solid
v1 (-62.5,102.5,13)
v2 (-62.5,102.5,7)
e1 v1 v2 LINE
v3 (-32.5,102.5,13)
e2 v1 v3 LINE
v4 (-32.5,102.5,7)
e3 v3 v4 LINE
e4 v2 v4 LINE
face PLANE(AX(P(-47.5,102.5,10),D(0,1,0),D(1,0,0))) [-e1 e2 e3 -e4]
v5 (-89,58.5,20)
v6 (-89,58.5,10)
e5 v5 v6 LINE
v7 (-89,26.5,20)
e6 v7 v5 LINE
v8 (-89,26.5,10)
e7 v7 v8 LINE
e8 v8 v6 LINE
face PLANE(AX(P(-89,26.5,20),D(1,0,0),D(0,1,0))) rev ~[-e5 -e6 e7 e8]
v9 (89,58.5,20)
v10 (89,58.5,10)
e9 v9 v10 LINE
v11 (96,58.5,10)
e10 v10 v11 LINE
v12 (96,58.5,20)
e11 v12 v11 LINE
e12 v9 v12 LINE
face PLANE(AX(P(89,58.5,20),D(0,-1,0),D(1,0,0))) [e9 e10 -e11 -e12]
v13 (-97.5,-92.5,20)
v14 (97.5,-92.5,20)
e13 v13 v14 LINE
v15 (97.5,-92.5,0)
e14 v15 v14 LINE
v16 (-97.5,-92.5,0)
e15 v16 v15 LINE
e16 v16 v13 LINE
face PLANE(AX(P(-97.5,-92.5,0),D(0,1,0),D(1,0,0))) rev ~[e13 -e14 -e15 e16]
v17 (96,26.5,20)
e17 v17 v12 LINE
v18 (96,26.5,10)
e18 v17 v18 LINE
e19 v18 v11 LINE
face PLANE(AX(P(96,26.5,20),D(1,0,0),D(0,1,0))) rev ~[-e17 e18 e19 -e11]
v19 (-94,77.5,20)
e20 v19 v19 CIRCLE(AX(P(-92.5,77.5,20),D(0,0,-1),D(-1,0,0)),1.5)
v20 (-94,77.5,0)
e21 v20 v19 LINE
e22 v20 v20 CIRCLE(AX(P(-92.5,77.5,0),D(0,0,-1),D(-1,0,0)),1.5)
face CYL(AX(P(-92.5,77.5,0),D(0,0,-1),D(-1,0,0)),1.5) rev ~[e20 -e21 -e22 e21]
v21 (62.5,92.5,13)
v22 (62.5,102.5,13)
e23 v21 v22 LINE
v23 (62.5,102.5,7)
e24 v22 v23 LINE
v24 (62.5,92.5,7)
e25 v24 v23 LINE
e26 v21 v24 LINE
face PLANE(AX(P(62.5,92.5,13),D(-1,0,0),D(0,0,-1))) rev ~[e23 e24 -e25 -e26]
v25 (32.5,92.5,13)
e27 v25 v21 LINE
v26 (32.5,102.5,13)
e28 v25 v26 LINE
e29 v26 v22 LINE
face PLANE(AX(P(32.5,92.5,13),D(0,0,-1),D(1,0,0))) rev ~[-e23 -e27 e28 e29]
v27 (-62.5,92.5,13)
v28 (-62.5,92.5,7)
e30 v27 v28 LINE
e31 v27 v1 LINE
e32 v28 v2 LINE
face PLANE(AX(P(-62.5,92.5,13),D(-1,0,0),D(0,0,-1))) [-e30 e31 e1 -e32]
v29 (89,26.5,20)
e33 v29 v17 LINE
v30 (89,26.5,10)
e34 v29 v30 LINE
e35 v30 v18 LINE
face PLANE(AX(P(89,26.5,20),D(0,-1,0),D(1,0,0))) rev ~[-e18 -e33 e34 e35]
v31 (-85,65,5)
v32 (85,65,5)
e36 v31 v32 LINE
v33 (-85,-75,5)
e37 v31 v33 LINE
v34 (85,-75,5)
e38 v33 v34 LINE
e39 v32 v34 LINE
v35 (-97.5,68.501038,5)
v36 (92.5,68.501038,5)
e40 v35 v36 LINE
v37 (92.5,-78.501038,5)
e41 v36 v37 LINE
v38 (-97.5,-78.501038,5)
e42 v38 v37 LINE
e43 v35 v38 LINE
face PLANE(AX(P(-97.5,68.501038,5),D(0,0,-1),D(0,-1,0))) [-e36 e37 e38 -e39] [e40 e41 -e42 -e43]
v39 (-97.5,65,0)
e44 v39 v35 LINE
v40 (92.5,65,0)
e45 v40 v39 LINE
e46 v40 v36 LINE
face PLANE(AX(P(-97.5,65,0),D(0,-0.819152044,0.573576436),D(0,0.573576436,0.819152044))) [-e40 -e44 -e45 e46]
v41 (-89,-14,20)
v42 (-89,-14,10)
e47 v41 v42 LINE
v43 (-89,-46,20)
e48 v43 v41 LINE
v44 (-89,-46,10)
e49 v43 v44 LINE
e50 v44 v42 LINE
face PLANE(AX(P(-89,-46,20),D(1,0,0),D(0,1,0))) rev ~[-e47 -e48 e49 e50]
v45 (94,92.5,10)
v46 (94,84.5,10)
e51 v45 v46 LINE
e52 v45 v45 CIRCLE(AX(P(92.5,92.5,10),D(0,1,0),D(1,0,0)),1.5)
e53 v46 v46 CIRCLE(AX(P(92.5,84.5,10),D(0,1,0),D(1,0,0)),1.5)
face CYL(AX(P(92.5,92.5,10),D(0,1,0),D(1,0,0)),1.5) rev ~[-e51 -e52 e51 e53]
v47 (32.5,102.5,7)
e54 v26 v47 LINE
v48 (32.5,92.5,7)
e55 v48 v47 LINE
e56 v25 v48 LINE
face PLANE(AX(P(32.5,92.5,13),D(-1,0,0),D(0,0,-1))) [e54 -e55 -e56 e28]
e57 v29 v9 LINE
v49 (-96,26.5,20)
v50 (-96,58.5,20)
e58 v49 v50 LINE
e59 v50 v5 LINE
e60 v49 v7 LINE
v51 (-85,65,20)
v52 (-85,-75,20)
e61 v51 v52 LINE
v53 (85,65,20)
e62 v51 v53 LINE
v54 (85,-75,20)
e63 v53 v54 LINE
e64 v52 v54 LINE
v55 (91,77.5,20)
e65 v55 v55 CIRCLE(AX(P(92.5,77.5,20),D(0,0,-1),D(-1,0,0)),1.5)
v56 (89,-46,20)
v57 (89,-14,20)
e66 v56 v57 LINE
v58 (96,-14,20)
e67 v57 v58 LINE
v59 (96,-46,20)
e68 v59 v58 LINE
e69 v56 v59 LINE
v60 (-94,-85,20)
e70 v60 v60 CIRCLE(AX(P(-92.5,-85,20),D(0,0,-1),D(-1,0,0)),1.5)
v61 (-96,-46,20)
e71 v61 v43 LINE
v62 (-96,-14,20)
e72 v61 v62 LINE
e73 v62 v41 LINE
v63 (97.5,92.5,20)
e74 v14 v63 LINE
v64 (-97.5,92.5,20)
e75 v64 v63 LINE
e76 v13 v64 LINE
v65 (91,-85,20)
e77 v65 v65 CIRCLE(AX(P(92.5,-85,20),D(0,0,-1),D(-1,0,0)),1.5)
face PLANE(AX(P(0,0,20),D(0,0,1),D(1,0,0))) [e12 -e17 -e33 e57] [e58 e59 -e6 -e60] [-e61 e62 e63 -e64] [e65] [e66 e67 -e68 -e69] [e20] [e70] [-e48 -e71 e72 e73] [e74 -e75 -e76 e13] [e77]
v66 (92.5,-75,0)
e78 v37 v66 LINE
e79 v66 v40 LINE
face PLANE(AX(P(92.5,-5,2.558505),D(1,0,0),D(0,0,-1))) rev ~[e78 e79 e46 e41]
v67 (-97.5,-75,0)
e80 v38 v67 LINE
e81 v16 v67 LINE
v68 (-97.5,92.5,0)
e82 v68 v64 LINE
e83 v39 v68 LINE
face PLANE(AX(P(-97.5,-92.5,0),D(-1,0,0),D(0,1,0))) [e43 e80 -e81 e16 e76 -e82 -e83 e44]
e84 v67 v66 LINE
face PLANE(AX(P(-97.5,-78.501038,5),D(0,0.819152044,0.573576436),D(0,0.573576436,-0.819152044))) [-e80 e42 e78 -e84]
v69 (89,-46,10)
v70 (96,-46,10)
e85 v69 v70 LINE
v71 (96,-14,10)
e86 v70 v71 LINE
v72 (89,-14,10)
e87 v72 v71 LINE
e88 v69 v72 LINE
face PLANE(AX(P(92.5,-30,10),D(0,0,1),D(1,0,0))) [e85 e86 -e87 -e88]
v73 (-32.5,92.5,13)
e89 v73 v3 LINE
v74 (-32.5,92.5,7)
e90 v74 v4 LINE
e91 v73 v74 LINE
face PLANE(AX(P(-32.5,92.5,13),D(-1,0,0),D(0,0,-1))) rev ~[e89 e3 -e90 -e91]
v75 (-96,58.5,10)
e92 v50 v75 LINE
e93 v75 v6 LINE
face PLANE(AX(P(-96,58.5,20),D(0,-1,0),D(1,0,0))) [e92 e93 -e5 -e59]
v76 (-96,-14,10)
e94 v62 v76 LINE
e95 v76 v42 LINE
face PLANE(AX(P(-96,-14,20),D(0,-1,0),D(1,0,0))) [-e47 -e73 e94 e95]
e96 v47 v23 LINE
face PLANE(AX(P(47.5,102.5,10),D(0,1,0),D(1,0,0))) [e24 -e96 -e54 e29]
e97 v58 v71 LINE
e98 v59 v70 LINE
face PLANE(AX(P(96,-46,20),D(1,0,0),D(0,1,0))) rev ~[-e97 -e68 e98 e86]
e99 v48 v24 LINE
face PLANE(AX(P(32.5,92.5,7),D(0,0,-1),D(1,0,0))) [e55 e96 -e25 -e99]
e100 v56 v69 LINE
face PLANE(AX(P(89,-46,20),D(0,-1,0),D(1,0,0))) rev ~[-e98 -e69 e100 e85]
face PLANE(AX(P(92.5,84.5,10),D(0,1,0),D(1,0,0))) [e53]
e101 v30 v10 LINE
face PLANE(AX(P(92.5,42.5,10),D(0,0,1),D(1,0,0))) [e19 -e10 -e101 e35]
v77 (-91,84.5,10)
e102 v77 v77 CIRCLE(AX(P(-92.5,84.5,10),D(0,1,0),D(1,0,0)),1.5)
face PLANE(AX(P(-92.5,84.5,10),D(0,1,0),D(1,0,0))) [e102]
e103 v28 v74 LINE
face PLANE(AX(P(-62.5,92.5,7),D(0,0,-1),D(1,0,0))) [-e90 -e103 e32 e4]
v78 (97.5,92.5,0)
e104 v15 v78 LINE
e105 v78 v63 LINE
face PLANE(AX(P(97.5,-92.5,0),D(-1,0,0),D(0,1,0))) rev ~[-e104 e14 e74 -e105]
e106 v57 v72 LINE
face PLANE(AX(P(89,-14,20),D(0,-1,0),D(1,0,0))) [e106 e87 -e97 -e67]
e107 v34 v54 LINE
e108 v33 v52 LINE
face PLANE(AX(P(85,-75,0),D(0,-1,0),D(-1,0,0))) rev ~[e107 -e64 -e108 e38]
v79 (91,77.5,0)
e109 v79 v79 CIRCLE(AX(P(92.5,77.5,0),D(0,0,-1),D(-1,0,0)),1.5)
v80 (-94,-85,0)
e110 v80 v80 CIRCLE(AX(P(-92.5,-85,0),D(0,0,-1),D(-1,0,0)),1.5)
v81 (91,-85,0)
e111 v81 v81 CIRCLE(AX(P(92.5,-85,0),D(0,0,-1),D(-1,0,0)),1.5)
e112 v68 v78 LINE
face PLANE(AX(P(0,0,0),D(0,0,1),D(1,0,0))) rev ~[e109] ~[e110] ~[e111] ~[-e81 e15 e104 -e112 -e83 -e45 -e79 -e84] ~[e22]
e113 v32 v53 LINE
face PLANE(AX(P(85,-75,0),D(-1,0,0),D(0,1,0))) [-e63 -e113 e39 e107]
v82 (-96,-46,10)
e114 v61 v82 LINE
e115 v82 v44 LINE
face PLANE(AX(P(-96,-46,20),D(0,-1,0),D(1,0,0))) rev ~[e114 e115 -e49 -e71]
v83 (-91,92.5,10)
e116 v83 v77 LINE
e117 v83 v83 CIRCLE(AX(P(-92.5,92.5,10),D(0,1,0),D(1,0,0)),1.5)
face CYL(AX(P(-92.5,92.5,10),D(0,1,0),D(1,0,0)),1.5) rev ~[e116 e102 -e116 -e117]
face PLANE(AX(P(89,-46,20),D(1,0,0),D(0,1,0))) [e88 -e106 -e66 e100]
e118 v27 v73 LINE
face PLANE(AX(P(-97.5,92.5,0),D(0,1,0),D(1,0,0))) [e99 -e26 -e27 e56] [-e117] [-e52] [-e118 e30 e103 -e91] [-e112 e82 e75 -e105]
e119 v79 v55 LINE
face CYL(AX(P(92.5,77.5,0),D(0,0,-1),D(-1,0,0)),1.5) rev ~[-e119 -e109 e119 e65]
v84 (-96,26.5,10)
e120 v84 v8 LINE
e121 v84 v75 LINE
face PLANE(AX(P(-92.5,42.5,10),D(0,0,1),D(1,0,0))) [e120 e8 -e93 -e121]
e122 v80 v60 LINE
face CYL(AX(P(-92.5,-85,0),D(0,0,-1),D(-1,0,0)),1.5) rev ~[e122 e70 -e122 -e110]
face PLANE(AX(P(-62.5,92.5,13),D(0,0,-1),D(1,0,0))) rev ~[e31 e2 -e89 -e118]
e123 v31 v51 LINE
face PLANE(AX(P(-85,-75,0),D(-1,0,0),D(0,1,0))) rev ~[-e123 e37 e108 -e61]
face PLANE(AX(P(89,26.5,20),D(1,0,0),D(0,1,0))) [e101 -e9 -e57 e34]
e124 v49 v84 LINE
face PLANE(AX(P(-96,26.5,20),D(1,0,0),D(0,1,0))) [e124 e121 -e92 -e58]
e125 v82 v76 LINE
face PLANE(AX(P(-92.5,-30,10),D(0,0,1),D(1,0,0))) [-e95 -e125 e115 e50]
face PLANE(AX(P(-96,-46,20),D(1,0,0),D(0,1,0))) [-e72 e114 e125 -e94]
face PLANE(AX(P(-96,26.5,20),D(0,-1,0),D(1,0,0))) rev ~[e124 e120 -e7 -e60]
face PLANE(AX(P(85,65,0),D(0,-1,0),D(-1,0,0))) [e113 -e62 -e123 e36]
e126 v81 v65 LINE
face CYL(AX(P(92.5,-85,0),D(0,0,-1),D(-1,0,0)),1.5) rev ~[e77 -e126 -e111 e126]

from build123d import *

# Parameters (mm, degrees)
ESBO_O1_W                = 195
ESBO_O1_H                = 185
RESSALTO_EXTRUS_O1_DEPTH = 20
ESBO_O3_W                = 7
ESBO_O3_H                = 32
CORTE_EXTRUS_O1_DEPTH    = 10
ESBO_O6_R                = 1.5
CORTE_EXTRUS_O4_DEPTH    = 21
ESBO_O8_W                = 170
ESBO_O8_H                = 140
CORTE_EXTRUS_O6_DEPTH    = 21
CORTE_EXTRUS_O7_DEPTH    = 190
ESBO_O10_W               = 30
ESBO_O10_H               = 6
RESSALTO_EXTRUS_O2_DEPTH = 10
ESBO_O11_R               = 1.5
CORTE_EXTRUS_O8_DEPTH    = 8


with BuildPart() as part:
    # Esboço1 → Ressalto-extrusão1 (new body)
    with BuildSketch(Plane.XY):
        Rectangle(ESBO_O1_W, ESBO_O1_H)
    extrude(amount=RESSALTO_EXTRUS_O1_DEPTH)

    # Esboço3 → Corte-extrusão1 (cut)
    with BuildSketch(Plane.XY.offset(20)):
        with Locations((-92.5, -30)):
            Rectangle(ESBO_O3_W, ESBO_O3_H)
        with Locations((92.5, -30)):
            Rectangle(ESBO_O3_W, ESBO_O3_H)
        with Locations((92.5, 42.5)):
            Rectangle(ESBO_O3_W, ESBO_O3_H)
        with Locations((-92.5, 42.5)):
            Rectangle(ESBO_O3_W, ESBO_O3_H)
    extrude(amount=-CORTE_EXTRUS_O1_DEPTH, mode=Mode.SUBTRACT)

    # Esboço6 → Corte-extrusão4 (cut, through all)
    with BuildSketch(Plane(origin=(0, 0, 0), x_dir=(-1, 0, 0), z_dir=(0, 0, -1))):
        with Locations((-92.5, 77.5)):
            Circle(ESBO_O6_R)
        with Locations((92.5, 77.5)):
            Circle(ESBO_O6_R)
        with Locations((-92.5, -85)):
            Circle(ESBO_O6_R)
        with Locations((92.5, -85)):
            Circle(ESBO_O6_R)
    extrude(amount=-CORTE_EXTRUS_O4_DEPTH, mode=Mode.SUBTRACT)

    # Esboço8 → Corte-extrusão6 (cut, through all)
    with BuildSketch(Plane(origin=(0, 0, 0), x_dir=(-1, 0, 0), z_dir=(0, 0, -1))):
        with Locations((0, -5)):
            Rectangle(ESBO_O8_W, ESBO_O8_H)
    extrude(amount=-CORTE_EXTRUS_O6_DEPTH, mode=Mode.SUBTRACT)

    # Esboço9 → Corte-extrusão7 (cut)
    with BuildSketch(Plane.ZY.offset(97.5)):
        Polygon((0, -75), (0, 65), (5, 68.501037691), (5, -78.501037691), align=None)
    extrude(amount=-CORTE_EXTRUS_O7_DEPTH, mode=Mode.SUBTRACT)

    # Esboço10 → Ressalto-extrusão2 (add)
    with BuildSketch(Plane(origin=(0, 92.5, 0), x_dir=(1, 0, 0), z_dir=(0, 1, 0))):
        with Locations((-47.5, -10)):
            Rectangle(ESBO_O10_W, ESBO_O10_H)
        with Locations((47.5, -10)):
            Rectangle(ESBO_O10_W, ESBO_O10_H)
    extrude(amount=RESSALTO_EXTRUS_O2_DEPTH)

    # Esboço11 → Corte-extrusão8 (cut)
    with BuildSketch(Plane(origin=(0, 92.5, 0), x_dir=(1, 0, 0), z_dir=(0, 1, 0))):
        with Locations((-92.5, -10)):
            Circle(ESBO_O11_R)
        with Locations((92.5, -10)):
            Circle(ESBO_O11_R)
    extrude(amount=-CORTE_EXTRUS_O8_DEPTH, mode=Mode.SUBTRACT)


solid = part.part
